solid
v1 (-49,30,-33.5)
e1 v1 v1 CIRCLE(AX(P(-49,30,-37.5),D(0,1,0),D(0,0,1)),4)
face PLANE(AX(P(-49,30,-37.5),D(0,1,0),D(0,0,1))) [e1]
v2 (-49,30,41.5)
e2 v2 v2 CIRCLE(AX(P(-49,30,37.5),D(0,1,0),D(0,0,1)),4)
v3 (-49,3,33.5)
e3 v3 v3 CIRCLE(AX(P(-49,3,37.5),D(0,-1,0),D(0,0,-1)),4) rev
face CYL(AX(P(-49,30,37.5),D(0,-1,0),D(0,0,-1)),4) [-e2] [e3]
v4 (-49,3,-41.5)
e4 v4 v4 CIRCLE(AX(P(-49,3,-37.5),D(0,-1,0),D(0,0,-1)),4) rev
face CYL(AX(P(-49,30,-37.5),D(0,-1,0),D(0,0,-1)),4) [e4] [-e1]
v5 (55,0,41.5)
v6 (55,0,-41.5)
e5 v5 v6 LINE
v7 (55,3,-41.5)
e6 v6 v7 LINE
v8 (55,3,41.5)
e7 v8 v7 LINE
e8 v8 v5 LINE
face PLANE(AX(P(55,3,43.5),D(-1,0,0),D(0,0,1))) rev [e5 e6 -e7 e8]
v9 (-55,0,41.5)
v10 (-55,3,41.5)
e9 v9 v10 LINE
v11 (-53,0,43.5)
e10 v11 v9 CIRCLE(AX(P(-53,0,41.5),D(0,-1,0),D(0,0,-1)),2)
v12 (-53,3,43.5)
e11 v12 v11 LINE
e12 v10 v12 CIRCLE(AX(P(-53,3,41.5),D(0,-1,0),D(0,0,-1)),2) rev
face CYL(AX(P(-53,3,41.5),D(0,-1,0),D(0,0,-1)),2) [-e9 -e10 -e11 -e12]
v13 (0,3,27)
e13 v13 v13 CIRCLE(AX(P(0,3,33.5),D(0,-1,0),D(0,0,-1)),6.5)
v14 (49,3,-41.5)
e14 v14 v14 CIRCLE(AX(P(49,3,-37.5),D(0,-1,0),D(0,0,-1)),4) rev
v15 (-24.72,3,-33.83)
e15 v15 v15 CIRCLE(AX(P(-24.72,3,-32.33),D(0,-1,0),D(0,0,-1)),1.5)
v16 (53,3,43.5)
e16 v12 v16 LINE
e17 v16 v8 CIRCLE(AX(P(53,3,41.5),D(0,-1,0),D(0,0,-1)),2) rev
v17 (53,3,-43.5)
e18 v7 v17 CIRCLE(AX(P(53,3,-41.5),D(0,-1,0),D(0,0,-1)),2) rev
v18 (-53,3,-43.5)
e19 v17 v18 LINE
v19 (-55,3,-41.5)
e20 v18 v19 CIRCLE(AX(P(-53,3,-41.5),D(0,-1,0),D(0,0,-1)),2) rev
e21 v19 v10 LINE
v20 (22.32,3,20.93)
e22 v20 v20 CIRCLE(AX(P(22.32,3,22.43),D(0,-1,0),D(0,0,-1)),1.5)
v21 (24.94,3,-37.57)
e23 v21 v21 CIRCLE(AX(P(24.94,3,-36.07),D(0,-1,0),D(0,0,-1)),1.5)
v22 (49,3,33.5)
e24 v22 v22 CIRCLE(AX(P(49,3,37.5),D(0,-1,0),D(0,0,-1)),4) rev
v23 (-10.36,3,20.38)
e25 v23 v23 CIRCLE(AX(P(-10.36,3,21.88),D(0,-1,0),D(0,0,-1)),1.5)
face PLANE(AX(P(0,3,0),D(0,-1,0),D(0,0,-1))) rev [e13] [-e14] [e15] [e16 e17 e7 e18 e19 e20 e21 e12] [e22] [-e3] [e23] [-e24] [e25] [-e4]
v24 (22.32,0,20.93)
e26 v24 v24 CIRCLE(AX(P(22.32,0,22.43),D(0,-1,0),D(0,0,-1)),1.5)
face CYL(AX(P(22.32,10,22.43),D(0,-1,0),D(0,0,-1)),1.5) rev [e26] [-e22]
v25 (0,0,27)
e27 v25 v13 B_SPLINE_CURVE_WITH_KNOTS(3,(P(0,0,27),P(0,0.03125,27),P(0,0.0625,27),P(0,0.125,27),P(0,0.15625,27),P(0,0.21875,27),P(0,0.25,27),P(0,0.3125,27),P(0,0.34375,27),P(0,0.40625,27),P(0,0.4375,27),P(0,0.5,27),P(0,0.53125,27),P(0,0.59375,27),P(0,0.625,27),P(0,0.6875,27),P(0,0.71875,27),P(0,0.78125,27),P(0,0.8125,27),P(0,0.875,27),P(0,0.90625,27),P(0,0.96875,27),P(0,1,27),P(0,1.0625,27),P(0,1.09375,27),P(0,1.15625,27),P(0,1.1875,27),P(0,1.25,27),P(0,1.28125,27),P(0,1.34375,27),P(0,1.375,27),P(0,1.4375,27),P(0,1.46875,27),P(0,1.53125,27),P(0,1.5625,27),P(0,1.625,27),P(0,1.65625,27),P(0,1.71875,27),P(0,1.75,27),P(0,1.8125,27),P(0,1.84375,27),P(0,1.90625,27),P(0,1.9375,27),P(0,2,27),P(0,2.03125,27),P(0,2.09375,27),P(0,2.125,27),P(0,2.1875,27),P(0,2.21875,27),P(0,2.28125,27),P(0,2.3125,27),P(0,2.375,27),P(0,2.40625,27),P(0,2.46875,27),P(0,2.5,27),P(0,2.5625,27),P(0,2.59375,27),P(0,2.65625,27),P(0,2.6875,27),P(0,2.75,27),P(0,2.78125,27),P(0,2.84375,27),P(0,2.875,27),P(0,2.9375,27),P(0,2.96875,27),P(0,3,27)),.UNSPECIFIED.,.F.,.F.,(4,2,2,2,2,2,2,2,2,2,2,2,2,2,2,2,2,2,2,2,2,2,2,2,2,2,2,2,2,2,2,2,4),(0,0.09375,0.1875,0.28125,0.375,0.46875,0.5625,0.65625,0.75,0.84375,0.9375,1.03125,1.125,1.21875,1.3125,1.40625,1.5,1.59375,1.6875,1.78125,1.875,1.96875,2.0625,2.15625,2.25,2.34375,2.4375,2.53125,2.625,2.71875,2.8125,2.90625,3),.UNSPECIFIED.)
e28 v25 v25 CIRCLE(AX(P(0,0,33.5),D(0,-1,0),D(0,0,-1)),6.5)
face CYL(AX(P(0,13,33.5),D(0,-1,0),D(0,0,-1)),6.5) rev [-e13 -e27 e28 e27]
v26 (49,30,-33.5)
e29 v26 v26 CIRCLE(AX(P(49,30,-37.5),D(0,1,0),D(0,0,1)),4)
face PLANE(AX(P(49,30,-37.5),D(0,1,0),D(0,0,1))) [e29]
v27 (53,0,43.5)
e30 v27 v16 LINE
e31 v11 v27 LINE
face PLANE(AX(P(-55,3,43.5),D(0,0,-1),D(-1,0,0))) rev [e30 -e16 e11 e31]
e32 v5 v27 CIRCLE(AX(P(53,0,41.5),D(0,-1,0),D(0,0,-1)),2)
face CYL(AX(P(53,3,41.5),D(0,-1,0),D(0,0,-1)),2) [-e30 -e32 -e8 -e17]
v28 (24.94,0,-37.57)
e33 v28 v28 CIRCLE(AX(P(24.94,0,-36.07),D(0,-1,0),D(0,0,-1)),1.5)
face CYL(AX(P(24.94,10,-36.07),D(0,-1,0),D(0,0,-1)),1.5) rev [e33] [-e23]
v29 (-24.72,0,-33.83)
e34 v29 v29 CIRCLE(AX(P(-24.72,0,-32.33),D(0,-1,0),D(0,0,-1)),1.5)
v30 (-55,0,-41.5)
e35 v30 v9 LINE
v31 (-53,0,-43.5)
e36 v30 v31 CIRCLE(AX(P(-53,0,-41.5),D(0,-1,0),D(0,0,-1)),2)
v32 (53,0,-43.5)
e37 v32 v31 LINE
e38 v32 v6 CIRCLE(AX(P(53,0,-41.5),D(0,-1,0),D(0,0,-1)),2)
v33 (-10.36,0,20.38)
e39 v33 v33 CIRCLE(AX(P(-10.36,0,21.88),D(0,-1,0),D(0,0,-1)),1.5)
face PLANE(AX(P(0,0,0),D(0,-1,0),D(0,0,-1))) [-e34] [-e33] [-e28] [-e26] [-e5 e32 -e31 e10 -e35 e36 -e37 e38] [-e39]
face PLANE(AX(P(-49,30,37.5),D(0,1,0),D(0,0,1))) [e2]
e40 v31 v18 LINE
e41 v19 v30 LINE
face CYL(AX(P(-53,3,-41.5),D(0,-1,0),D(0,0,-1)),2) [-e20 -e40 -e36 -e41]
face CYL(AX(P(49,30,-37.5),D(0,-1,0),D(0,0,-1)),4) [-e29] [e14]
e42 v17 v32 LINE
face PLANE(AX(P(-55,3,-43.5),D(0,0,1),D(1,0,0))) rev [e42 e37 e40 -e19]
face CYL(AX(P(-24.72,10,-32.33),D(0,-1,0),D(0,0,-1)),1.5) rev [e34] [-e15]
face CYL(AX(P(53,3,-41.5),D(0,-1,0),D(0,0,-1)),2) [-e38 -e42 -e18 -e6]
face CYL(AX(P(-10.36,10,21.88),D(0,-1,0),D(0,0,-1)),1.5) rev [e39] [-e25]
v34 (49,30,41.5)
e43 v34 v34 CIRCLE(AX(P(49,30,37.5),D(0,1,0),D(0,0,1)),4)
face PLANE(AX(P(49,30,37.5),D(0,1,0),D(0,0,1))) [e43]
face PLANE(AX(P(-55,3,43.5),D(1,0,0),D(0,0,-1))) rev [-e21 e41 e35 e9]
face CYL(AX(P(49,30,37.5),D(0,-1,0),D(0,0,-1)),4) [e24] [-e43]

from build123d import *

# Parameters (mm, degrees)
IZIM1_W                     = 110
IZIM1_H                     = 87
Y_KSEKLIK_EKSTR_ZYON1_DEPTH = 3
RADYUS1_R                   = 2
IZIM2_R                     = 4
Y_KSEKLIK_EKSTR_ZYON2_DEPTH = 27
IZIM4_R                     = 6.5
KES_EKSTR_ZYON1_DEPTH       = 13
IZIM5_R                     = 1.5
KES_EKSTR_ZYON2_DEPTH       = 10


with BuildPart() as part:
    # Çizim1 → Yükseklik-Ekstrüzyon1 (new body)
    with BuildSketch(Plane(origin=(0, 0, 0), x_dir=(1, 0, 0), z_dir=(0, 1, 0))):
        Rectangle(IZIM1_W, IZIM1_H)
    extrude(amount=Y_KSEKLIK_EKSTR_ZYON1_DEPTH)

    # Radyus1
    radyus1_edges = [part.edges().sort_by_distance(p)[0] for p in [
        (55, 1.5, 43.5),
        (-55, 1.5, 43.5),
        (-55, 1.5, -43.5),
        (55, 1.5, -43.5),
    ]]
    fillet(radyus1_edges, radius=RADYUS1_R)

    # Çizim2 → Yükseklik-Ekstrüzyon2 (add)
    with BuildSketch(Plane(origin=(0, 3, 0), x_dir=(1, 0, 0), z_dir=(0, 1, 0))):
        with Locations(Location((-49, 37.5, 0), (0, 0, 90))):
            Circle(IZIM2_R)
        with Locations(Location((49, 37.5, 0), (0, 0, 90))):
            Circle(IZIM2_R)
        with Locations(Location((49, -37.5, 0), (0, 0, 90))):
            Circle(IZIM2_R)
        with Locations(Location((-49, -37.5, 0), (0, 0, 90))):
            Circle(IZIM2_R)
    extrude(amount=Y_KSEKLIK_EKSTR_ZYON2_DEPTH)

    # Çizim4 → Kes-Ekstrüzyon1 (cut)
    with BuildSketch(Plane.XZ):
        with Locations(Location((0, 33.5, 0), (0, 0, 270))):
            Circle(IZIM4_R)
    extrude(amount=-KES_EKSTR_ZYON1_DEPTH, mode=Mode.SUBTRACT)

    # Çizim5 → Kes-Ekstrüzyon2 (cut)
    with BuildSketch(Plane(origin=(0, 0, 0), x_dir=(-1, 0, 0), z_dir=(0, -1, 0))):
        with Locations(Location((-22.32, -22.43, 0), (0, 0, 90))):
            Circle(IZIM5_R)
        with Locations(Location((10.36, -21.88, 0), (0, 0, 90))):
            Circle(IZIM5_R)
        with Locations(Location((-24.94, 36.07, 0), (0, 0, 90))):
            Circle(IZIM5_R)
        with Locations(Location((24.72, 32.33, 0), (0, 0, 90))):
            Circle(IZIM5_R)
    extrude(amount=-KES_EKSTR_ZYON2_DEPTH, mode=Mode.SUBTRACT)


solid = part.part
